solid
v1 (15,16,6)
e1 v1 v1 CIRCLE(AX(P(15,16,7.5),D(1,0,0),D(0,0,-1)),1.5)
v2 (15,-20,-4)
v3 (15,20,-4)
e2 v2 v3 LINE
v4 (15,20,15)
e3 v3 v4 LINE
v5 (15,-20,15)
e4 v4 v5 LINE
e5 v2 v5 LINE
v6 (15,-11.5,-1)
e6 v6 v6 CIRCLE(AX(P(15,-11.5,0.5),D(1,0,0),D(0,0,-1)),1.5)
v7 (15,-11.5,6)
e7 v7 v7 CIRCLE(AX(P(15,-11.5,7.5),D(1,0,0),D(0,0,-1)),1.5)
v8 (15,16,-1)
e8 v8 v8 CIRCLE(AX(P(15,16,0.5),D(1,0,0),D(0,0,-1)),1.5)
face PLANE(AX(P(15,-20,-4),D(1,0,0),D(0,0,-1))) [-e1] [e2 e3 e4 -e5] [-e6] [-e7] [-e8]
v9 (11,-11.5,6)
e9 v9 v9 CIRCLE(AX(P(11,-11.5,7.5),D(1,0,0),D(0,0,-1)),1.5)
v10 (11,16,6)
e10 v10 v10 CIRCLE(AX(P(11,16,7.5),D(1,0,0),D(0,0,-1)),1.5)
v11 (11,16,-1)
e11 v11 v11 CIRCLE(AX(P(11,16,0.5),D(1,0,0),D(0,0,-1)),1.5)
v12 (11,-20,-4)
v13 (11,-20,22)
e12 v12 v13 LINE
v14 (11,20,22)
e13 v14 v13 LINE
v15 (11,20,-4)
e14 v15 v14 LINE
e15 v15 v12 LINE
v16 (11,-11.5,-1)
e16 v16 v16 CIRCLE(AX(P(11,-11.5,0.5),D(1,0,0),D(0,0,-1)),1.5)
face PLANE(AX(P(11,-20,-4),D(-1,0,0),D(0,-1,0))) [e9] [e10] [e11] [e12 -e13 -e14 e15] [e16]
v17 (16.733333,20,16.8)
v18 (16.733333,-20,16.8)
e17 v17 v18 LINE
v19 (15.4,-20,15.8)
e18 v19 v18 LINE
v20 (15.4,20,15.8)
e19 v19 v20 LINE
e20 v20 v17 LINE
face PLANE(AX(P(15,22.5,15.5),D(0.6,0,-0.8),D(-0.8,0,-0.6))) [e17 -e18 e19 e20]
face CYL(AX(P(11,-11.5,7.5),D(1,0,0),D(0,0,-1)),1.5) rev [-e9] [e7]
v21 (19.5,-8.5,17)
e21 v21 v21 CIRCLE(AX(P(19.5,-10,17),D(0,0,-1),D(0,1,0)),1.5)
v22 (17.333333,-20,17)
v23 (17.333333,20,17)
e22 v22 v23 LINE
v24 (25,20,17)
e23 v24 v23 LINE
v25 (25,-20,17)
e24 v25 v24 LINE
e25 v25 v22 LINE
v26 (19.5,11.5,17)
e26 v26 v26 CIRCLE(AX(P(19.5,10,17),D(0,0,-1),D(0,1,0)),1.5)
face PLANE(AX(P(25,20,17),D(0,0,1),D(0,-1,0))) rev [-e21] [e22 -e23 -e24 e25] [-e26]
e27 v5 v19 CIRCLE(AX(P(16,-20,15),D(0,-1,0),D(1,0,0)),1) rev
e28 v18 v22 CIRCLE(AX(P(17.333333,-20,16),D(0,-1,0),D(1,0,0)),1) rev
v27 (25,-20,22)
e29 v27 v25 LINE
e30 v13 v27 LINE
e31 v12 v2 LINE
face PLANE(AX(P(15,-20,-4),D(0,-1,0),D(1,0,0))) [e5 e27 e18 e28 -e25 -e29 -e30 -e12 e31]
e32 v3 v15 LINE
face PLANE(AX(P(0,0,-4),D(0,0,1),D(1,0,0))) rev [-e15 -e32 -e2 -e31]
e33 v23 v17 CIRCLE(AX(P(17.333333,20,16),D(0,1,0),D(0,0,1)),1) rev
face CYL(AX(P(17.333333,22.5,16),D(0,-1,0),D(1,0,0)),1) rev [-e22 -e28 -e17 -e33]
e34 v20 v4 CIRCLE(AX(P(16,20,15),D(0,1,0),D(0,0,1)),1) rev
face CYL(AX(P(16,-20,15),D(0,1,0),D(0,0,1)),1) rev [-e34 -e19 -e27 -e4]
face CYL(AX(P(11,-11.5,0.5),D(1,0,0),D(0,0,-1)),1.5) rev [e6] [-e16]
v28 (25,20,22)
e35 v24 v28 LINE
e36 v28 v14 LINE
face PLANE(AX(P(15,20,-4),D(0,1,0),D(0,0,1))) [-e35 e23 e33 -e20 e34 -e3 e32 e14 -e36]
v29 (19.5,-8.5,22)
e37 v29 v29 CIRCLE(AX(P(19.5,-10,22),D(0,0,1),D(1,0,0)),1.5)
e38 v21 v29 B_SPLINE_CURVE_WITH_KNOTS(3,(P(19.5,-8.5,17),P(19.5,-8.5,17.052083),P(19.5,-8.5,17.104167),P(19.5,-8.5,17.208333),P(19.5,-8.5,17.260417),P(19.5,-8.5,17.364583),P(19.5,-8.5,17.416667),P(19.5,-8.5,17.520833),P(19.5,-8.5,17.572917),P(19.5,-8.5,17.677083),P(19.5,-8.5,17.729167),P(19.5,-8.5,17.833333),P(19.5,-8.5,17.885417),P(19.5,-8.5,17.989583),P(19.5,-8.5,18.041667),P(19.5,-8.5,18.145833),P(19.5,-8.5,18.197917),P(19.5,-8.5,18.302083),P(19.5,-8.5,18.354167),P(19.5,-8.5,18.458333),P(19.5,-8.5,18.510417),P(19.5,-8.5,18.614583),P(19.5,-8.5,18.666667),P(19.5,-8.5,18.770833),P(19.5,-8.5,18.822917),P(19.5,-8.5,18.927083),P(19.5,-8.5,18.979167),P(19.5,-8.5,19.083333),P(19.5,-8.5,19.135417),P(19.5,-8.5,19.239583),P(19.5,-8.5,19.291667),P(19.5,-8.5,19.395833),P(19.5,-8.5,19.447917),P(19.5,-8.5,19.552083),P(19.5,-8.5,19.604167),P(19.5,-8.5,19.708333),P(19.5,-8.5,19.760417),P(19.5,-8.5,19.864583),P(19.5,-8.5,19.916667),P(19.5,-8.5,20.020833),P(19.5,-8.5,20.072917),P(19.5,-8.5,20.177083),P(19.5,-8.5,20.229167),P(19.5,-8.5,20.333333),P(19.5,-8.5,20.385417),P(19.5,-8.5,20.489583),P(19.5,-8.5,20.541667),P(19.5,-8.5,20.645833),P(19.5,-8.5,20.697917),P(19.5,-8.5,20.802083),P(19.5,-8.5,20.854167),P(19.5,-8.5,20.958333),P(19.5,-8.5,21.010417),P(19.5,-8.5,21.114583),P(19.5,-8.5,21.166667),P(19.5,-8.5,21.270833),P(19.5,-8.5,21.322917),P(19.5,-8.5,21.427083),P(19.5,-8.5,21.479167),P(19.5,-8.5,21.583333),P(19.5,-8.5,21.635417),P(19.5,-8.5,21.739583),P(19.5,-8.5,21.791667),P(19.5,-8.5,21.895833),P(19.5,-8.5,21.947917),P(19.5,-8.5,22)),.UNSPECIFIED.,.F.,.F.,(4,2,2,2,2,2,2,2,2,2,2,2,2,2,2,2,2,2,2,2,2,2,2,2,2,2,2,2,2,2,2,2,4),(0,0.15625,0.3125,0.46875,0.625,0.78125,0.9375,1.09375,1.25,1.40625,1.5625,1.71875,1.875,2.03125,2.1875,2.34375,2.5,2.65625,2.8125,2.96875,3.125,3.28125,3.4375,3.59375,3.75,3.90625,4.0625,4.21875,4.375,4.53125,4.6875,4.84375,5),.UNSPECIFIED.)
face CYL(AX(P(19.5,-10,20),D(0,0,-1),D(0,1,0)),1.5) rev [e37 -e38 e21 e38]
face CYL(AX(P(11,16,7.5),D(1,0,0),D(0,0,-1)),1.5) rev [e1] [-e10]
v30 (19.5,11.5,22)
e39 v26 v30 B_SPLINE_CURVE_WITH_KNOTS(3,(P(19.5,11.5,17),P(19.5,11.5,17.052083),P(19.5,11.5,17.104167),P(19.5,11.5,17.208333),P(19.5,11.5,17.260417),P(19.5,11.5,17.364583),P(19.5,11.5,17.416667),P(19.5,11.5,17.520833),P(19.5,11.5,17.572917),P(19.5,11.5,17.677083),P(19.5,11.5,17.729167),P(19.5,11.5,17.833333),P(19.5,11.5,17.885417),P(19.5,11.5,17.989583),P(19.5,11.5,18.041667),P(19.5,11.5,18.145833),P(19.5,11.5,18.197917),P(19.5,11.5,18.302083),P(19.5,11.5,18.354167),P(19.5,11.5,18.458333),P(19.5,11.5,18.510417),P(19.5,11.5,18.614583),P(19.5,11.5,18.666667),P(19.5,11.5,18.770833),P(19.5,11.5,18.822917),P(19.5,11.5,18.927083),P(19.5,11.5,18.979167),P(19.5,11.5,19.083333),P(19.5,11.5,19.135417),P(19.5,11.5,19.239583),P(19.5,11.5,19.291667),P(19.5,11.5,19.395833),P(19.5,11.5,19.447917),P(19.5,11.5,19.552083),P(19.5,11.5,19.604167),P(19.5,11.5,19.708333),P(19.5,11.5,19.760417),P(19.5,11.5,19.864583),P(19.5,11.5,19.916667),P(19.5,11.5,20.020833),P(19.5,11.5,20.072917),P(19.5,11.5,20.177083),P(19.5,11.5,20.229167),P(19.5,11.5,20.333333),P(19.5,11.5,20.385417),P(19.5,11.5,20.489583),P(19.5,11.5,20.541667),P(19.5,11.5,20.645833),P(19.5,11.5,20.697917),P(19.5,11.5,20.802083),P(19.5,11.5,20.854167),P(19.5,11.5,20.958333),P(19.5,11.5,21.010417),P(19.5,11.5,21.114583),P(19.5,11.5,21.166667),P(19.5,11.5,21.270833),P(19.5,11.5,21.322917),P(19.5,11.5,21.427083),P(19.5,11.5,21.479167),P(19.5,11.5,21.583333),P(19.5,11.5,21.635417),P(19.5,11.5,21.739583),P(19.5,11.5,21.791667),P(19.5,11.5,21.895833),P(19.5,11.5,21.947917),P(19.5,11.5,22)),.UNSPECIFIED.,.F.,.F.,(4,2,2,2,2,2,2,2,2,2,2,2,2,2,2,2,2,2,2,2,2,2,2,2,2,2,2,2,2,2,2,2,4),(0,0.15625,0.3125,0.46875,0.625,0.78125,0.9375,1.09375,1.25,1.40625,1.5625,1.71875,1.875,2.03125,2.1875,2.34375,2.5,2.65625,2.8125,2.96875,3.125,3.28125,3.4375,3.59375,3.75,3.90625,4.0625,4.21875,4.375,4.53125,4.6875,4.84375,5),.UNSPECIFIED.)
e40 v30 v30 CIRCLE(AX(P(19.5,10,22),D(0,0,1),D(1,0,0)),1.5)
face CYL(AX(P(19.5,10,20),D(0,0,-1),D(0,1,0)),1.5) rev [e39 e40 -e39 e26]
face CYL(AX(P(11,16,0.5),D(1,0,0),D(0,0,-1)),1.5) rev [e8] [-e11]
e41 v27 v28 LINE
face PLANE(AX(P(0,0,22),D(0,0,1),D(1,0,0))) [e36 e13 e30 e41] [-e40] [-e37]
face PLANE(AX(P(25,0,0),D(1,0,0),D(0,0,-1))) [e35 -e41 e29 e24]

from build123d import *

# Parameters (mm, degrees)
SKETCH1_W                = 4
SKETCH1_H                = 40
BOSS_EXTRUDE2_DEPTH      = 20
BOSS_EXTRUDE2_DEPTH_BACK = 4
SKETCH3_R                = 1.5
CUT_EXTRUDE1_DEPTH       = 29.565713714
SKETCH4_W                = 3
SKETCH4_H                = 40
BOSS_EXTRUDE3_DEPTH      = 10
SKETCH5_R                = 1.5
CUT_EXTRUDE2_DEPTH       = 39.288379438
SKETCH8_W                = 14
SKETCH8_H                = 40
SKETCH8_R                = 1.5
BOSS_EXTRUDE4_DEPTH      = 2
BOSS_EXTRUDE5_DEPTH      = 40
FILLET3_R                = 1


with BuildPart() as part:
    # Sketch1 → Boss-Extrude2 (new, two sides)
    with BuildSketch(Plane.XY) as boss_extrude2_sk:
        with Locations((13, 0)):
            Rectangle(SKETCH1_W, SKETCH1_H)
    extrude(amount=BOSS_EXTRUDE2_DEPTH)
    extrude(boss_extrude2_sk.sketch, amount=-BOSS_EXTRUDE2_DEPTH_BACK)

    # Sketch3 → Cut-Extrude1 (cut, through all)
    with BuildSketch(Plane(origin=(15, 0, 0), x_dir=(0, 0, -1), z_dir=(1, 0, 0))):
        with Locations((-0.5, -11.5)):
            Circle(SKETCH3_R)
        with Locations((-7.5, -11.5)):
            Circle(SKETCH3_R)
        with Locations((-0.5, 16)):
            Circle(SKETCH3_R)
        with Locations((-7.5, 16)):
            Circle(SKETCH3_R)
    extrude(amount=-CUT_EXTRUDE1_DEPTH, mode=Mode.SUBTRACT)

    # Sketch4 → Boss-Extrude3 (add)
    with BuildSketch(Plane(origin=(15, 0, 0), x_dir=(0, 0, -1), z_dir=(1, 0, 0))):
        with Locations((-18.5, 0)):
            Rectangle(SKETCH4_W, SKETCH4_H)
    extrude(amount=BOSS_EXTRUDE3_DEPTH)

    # Sketch5 → Cut-Extrude2 (cut, through all)
    with BuildSketch(Plane(origin=(0, 0, 17), x_dir=(-1, 0, 0), z_dir=(0, 0, -1))):
        with Locations(Location((-19.5, -10, 0), (0, 0, 90))):
            Circle(SKETCH5_R)
        with Locations(Location((-19.5, 10, 0), (0, 0, 90))):
            Circle(SKETCH5_R)
    extrude(amount=-CUT_EXTRUDE2_DEPTH, mode=Mode.SUBTRACT)

    # Sketch8 → Boss-Extrude4 (add)
    with BuildSketch(Plane.XY.offset(20)):
        with Locations((18, 0)):
            Rectangle(SKETCH8_W, SKETCH8_H)
        with Locations(Location((19.5, 10, 0), (0, 0, 90))):
            Circle(SKETCH8_R, mode=Mode.SUBTRACT)
        with Locations(Location((19.5, -10, 0), (0, 0, 90))):
            Circle(SKETCH8_R, mode=Mode.SUBTRACT)
    extrude(amount=BOSS_EXTRUDE4_DEPTH)

    # Sketch9 → Boss-Extrude5 (add)
    with BuildSketch(Plane.XZ.offset(20)):
        Polygon((17, 17), (15, 17), (15, 15.5), align=None)
    extrude(amount=-BOSS_EXTRUDE5_DEPTH)

    # Fillet3
    fillet3_edges = [part.edges().sort_by_distance(p)[0] for p in [
        (15, 0, 15.5),
        (17, 0, 17),
    ]]
    fillet(fillet3_edges, radius=FILLET3_R)


solid = part.part
